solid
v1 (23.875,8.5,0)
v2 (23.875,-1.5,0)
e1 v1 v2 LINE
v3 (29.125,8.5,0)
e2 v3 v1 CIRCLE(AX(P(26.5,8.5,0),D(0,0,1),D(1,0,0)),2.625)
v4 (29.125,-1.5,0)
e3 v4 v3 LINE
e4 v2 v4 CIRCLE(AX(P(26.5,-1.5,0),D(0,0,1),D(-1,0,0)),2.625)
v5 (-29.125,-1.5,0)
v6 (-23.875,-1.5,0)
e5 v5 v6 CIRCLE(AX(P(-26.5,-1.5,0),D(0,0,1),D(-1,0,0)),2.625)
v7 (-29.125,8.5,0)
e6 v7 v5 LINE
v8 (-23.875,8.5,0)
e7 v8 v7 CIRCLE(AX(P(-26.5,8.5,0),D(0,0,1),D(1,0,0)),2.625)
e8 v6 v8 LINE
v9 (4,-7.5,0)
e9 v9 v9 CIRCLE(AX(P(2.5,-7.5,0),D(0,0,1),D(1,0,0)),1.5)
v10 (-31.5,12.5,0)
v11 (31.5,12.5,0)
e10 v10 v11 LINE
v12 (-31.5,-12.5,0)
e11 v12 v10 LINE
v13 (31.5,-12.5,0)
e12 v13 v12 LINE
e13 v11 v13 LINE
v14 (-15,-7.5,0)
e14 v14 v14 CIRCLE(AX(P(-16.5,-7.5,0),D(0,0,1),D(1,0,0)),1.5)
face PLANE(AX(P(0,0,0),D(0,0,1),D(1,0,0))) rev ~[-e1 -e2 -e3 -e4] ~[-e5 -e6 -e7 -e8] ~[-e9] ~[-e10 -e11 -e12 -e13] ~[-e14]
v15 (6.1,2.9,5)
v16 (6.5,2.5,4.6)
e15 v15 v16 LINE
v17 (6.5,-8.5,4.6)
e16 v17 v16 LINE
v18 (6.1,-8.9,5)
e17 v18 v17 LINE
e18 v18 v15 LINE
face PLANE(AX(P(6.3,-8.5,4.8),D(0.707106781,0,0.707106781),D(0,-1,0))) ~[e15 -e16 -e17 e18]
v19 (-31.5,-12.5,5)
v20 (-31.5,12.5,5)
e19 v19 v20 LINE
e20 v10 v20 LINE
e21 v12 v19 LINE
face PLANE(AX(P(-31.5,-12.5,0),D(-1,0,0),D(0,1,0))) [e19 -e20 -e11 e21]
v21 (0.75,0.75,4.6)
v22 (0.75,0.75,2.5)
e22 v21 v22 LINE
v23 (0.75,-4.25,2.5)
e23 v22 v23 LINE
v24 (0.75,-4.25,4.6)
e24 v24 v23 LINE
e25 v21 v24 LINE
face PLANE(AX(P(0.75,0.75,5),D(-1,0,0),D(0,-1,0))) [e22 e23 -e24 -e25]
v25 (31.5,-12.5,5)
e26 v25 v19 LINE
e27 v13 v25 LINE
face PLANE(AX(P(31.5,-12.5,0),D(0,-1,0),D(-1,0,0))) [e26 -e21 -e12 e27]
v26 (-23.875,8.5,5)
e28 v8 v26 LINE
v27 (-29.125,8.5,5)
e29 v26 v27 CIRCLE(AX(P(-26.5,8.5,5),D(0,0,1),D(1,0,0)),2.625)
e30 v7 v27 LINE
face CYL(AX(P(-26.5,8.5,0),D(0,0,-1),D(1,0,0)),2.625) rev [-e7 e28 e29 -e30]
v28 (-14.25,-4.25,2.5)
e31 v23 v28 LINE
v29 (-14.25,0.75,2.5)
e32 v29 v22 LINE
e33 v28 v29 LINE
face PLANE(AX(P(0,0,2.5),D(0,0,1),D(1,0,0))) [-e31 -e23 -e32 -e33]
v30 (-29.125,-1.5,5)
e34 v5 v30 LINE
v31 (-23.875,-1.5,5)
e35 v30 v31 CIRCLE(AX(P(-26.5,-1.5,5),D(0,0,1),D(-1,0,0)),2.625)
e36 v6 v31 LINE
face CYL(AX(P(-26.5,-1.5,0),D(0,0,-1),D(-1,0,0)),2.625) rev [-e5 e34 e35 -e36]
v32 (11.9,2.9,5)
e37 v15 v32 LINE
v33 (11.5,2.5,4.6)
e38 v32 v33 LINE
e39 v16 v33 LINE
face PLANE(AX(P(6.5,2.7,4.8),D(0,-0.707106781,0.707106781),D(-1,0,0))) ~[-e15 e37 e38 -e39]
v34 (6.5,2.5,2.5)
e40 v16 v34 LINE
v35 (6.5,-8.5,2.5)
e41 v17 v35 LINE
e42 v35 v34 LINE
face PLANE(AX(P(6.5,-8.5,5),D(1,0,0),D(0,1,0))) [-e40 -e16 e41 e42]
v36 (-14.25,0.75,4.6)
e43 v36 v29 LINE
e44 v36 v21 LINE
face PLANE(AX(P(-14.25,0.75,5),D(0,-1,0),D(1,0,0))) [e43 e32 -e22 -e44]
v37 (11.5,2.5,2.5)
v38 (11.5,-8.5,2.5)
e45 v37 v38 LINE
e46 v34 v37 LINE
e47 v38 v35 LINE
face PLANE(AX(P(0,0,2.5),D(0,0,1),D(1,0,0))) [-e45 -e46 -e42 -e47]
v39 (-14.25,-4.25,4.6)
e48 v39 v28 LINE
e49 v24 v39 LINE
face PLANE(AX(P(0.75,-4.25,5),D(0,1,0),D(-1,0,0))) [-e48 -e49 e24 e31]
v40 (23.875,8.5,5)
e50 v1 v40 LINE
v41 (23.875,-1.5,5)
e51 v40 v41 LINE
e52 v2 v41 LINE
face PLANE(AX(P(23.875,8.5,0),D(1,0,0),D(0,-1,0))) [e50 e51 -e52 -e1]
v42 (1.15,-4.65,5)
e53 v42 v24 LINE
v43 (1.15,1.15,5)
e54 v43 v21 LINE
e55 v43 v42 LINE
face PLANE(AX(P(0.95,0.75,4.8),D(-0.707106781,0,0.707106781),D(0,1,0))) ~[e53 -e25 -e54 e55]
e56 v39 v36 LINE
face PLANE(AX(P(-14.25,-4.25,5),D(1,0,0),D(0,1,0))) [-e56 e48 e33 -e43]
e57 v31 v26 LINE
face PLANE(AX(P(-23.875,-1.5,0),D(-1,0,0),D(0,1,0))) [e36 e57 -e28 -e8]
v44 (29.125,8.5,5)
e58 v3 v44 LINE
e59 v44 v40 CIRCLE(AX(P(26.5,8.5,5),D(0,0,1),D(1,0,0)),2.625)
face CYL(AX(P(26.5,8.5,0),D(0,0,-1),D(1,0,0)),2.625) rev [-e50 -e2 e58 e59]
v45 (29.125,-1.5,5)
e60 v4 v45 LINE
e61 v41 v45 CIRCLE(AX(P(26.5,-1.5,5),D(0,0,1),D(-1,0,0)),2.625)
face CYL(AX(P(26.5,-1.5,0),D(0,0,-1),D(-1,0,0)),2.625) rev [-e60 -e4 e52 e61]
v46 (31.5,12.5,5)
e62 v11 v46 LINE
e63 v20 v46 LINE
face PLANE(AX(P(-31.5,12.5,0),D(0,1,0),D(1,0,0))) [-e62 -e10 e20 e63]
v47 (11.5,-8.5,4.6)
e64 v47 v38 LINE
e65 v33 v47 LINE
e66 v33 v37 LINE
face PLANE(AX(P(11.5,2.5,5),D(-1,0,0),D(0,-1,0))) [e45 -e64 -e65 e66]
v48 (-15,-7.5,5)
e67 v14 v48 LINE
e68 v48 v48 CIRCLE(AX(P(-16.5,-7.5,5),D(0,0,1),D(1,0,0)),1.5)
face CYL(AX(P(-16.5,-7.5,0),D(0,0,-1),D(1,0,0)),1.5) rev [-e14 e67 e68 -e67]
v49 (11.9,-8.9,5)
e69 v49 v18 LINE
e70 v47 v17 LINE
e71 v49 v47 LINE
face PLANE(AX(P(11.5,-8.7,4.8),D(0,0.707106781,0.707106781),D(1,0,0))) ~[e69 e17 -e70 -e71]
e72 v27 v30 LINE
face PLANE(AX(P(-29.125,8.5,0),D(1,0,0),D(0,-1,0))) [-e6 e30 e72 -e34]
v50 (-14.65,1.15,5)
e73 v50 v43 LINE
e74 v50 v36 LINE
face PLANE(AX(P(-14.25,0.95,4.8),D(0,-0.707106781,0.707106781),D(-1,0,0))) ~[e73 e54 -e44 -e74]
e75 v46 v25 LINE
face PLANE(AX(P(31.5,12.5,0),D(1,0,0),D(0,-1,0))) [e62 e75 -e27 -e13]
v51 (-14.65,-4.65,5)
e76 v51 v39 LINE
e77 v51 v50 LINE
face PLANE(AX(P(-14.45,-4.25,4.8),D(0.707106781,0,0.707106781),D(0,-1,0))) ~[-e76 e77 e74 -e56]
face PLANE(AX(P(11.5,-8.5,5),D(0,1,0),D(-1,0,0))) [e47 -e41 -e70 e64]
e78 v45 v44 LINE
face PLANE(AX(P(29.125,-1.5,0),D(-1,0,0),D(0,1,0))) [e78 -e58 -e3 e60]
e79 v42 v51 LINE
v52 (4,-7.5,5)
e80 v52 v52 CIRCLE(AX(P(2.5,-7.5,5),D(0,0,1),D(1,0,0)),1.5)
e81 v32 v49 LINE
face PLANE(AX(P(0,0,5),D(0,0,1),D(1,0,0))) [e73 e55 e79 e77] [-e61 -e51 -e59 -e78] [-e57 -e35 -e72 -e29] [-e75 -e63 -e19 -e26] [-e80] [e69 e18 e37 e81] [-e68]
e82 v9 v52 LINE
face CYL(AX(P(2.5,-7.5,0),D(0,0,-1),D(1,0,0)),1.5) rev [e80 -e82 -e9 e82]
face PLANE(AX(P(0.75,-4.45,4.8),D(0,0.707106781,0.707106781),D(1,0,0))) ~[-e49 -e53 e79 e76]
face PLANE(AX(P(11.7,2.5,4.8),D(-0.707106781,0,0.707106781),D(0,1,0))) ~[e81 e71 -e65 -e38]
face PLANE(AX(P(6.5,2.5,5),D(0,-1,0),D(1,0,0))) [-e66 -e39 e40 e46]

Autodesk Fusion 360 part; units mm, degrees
sketch "Sketch1" plane through (0, 0, 0) normal (0, 0, 1) x (1, 0, 0)
  line L0 (31.5, -12.5) -> (-31.5, -12.5)
  line L1 (-31.5, -12.5) -> (-31.5, 12.5)
  line L2 (-31.5, 12.5) -> (31.5, 12.5)
  line L3 (31.5, 12.5) -> (31.5, -12.5)
  line L4 (31.5, -12.5) -> (-31.5, 12.5) construction
  line L5 (-31.5, -12.5) -> (31.5, 12.5) construction
  circle A0 centre (-16.5, -7.5) radius 1.5
  circle A1 centre (2.5, -7.5) radius 1.5
  line L6 (-29.125, 8.5) -> (-29.125, -1.5)
  arc A2 (-29.125, -1.5) -> (-23.875, -1.5) centre (-26.5, -1.5) ccw
  line L7 (-23.875, -1.5) -> (-23.875, 8.5)
  arc A3 (-23.875, 8.5) -> (-29.125, 8.5) centre (-26.5, 8.5) ccw
  line L8 (-26.5, 8.5) -> (-26.5, -1.5) construction
  line L9 (29.125, -1.5) -> (29.125, 8.5)
  arc A4 (29.125, 8.5) -> (23.875, 8.5) centre (26.5, 8.5) ccw
  line L10 (23.875, 8.5) -> (23.875, -1.5)
  arc A5 (23.875, -1.5) -> (29.125, -1.5) centre (26.5, -1.5) ccw
  line L11 (26.5, -1.5) -> (26.5, 8.5) construction
  line L12 (-14.25, 0.75) -> (0.75, 0.75)
  line L13 (0.75, 0.75) -> (0.75, -4.25)
  line L14 (0.75, -4.25) -> (-14.25, -4.25)
  line L15 (-14.25, -4.25) -> (-14.25, 0.75)
  line L16 (-14.25, -1.75) -> (0.75, -1.75) construction
  line L17 (6.5, 2.5) -> (11.5, 2.5)
  line L18 (11.5, 2.5) -> (11.5, -8.5)
  line L19 (11.5, -8.5) -> (6.5, -8.5)
  line L20 (6.5, -8.5) -> (6.5, 2.5)
  line L21 (9, 2.5) -> (9, -8.5) construction
  line L22 (-6.75, 0.75) -> (-6.75, -4.25) construction
  dimension "d1" = 63
  dimension "d2" = 25
  dimension "d3" = 3
  dimension "d4" = 3
  dimension "d5" = 19
  dimension "d6" = 5
  dimension "d7" = 5
  dimension "d8" = 15
  dimension "d9" = 5.25
  dimension "d10" = 5.25
  dimension "d11" = 5
  dimension "d12" = 5
  dimension "d15" = 4
  dimension "d16" = 4
  dimension "d17" = 10
  dimension "d18" = 10
  dimension "d19" = 5
  dimension "d20" = 5.75
  dimension "d21" = 5
  dimension "d22" = 15
  dimension "d23" = 2.25
  dimension "d24" = 11
  dimension "d25" = 6.5
  dimension "d26" = 1
extrude "Extrude1" add sketch "Sketch1" along normal blind 5 contours L0 L1 L2 L3 | L12 L13 L14 L15 | L17 L18 L19 L20
extrude "Extrude2" cut sketch "Sketch1" against normal blind 2.5 from surface at 5 contours L12 L13 L14 L15 | L17 L18 L19 L20
chamfer "Chamfer1" distance 0.4 angle 45 8 edges at (-6.75, 0.75, 5) (-14.25, -1.75, 5) (-6.75, -4.25, 5) (0.75, -1.75, 5) (9, 2.5, 5) (6.5, -3, 5) (11.5, -3, 5) (9, -8.5, 5)
equation "d7 = d6"
equation "d10 = d9"
equation "d12 = d11"
equation "d16 = d15"
equation "d18 = d17"
